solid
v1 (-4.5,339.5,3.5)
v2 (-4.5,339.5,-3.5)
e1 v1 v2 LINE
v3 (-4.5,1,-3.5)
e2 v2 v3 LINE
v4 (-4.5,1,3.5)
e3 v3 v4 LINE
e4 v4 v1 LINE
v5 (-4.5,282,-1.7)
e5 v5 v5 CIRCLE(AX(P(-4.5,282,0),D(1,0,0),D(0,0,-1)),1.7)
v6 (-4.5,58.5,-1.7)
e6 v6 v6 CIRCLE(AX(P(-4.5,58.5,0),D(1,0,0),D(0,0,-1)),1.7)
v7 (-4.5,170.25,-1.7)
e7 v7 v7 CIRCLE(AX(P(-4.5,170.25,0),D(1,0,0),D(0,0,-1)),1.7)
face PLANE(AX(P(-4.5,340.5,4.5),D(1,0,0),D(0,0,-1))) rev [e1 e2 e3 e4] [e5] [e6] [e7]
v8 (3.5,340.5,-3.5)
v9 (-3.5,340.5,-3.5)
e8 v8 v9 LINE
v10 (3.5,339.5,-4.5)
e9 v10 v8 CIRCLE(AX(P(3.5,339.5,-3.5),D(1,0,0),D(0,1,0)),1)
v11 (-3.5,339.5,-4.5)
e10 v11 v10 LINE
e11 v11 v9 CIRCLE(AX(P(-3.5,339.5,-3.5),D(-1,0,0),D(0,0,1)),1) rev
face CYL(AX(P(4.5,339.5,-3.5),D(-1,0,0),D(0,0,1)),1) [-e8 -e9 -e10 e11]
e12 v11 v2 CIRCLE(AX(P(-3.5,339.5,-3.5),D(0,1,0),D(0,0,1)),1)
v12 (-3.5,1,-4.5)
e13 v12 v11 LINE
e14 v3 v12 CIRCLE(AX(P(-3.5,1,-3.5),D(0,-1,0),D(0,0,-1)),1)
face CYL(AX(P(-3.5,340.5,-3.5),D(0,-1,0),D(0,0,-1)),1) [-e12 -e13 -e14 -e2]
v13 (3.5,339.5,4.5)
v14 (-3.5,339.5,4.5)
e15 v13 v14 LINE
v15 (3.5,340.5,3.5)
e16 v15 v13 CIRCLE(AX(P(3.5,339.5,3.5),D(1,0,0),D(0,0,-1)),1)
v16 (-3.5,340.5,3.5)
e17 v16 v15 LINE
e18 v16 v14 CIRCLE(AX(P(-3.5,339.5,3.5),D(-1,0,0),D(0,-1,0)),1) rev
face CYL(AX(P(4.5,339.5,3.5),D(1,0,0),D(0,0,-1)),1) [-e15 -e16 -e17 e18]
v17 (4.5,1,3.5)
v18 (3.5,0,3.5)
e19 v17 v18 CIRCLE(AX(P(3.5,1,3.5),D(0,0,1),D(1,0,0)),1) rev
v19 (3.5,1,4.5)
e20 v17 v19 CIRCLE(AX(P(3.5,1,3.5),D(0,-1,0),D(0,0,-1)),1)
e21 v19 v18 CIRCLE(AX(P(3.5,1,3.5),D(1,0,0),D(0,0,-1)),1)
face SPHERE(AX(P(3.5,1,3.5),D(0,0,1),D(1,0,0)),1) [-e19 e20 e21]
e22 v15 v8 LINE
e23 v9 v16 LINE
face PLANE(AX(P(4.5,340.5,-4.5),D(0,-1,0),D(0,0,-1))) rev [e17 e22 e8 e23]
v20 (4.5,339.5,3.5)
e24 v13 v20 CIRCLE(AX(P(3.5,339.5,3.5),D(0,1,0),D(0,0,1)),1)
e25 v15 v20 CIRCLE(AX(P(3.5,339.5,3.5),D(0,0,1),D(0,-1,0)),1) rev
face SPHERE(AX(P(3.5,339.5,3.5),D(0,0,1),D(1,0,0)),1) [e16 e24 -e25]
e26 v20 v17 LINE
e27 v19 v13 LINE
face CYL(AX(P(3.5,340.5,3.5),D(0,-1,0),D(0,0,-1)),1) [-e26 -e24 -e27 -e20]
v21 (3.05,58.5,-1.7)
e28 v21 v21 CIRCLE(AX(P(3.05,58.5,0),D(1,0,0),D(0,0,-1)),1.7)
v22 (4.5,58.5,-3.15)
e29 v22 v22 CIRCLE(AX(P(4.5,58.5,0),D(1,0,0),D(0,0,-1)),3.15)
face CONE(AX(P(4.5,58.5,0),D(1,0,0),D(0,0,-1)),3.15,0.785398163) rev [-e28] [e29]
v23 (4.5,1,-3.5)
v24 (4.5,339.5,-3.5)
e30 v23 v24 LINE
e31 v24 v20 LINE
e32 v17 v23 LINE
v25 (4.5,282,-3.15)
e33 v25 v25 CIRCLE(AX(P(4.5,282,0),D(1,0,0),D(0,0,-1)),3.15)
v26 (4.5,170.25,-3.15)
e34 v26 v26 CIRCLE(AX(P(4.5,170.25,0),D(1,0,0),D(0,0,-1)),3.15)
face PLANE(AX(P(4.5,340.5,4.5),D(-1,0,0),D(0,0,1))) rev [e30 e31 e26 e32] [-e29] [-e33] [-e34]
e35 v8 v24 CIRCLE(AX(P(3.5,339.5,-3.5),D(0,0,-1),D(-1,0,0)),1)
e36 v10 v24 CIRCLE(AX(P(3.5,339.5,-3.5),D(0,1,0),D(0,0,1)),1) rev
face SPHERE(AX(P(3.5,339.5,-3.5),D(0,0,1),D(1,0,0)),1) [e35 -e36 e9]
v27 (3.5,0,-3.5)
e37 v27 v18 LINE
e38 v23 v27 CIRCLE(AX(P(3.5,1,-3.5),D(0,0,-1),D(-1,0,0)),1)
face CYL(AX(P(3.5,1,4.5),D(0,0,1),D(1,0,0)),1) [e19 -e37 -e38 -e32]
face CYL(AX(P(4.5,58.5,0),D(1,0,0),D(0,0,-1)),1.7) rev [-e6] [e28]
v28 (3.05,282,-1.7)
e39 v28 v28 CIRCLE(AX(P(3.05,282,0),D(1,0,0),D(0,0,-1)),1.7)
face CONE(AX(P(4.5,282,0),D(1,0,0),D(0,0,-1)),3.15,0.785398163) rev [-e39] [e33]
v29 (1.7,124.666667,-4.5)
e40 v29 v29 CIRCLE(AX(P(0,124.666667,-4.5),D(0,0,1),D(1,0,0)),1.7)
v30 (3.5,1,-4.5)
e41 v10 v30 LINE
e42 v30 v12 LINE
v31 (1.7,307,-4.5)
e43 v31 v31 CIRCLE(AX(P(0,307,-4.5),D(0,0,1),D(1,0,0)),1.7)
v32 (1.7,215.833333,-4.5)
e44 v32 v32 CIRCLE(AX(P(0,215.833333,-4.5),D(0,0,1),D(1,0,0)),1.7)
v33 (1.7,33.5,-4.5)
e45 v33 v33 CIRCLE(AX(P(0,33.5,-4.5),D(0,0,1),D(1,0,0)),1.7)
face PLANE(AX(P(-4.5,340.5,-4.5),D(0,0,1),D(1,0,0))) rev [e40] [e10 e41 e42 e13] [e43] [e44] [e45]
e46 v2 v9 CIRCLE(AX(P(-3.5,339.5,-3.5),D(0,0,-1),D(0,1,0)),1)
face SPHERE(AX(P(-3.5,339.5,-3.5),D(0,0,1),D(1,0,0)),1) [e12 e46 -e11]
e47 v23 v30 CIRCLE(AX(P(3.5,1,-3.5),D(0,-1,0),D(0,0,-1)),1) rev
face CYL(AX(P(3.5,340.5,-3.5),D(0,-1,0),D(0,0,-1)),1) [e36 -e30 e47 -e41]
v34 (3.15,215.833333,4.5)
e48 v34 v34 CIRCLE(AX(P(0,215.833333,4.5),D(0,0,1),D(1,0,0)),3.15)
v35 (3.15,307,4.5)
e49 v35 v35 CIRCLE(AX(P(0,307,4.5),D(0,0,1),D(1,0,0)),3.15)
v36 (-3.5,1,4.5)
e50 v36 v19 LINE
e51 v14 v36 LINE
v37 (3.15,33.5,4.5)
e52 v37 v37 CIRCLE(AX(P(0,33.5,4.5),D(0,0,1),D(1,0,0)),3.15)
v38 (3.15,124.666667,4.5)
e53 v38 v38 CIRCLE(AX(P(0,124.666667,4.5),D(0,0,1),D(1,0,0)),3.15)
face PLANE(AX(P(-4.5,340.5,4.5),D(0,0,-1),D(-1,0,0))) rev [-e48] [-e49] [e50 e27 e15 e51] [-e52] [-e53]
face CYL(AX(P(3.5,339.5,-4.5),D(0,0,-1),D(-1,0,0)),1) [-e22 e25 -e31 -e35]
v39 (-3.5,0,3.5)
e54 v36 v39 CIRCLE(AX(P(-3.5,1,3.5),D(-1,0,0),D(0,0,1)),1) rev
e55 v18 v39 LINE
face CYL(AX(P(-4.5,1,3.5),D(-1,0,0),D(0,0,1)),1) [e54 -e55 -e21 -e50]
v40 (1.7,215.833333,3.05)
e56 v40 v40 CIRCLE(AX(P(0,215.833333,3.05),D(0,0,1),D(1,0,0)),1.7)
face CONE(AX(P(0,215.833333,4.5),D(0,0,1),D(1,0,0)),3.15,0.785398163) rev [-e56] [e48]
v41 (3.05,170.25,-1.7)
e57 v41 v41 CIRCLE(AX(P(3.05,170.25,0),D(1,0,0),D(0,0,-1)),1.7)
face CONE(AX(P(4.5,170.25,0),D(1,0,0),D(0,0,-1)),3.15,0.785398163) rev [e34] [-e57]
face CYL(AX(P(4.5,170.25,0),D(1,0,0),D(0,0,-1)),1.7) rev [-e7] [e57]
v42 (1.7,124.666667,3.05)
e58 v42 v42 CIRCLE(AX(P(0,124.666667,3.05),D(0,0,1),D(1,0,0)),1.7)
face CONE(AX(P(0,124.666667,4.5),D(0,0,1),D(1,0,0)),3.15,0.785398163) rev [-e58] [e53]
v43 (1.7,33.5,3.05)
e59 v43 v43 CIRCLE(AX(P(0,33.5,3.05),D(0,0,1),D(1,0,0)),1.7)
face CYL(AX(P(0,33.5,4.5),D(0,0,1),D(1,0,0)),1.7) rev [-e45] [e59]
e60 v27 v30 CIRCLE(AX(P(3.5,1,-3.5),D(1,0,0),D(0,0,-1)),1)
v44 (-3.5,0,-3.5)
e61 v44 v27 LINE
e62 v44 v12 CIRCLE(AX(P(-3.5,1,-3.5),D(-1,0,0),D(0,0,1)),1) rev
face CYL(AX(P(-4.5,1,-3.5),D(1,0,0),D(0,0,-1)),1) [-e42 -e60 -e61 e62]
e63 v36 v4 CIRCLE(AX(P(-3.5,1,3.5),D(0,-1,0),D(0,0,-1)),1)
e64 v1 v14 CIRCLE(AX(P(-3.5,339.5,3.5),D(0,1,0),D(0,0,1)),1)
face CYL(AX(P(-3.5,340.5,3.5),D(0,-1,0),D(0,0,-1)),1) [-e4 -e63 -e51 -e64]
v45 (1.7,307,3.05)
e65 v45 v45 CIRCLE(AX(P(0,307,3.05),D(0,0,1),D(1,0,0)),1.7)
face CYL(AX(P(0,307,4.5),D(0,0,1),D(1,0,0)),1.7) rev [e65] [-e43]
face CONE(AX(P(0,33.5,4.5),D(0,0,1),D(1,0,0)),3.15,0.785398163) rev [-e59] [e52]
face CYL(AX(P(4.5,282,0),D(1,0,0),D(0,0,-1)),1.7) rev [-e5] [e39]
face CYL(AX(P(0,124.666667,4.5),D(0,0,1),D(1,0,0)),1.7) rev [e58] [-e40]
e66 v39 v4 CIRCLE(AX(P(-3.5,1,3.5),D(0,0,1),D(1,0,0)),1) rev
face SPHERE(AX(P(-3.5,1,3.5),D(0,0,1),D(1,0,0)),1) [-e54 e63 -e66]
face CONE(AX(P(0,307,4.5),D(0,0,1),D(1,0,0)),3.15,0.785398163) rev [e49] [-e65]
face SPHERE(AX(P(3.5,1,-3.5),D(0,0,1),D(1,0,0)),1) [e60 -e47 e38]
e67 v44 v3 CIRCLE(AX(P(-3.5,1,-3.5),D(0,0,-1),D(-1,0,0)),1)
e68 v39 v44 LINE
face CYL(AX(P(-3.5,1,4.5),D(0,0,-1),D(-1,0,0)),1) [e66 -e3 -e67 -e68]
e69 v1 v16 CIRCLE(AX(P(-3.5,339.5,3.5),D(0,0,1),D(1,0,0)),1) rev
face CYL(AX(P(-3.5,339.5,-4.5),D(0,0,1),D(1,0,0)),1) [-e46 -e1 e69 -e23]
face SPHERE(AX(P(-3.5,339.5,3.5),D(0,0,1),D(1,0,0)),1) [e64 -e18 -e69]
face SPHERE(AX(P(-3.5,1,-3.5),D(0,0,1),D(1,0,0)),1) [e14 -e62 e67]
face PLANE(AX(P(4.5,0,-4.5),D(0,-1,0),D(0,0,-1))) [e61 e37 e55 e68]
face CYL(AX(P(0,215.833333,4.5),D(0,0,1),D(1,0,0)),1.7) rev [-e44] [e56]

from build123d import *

# Parameters (mm, degrees)
SKETCH2_W                                            = 9
SKETCH2_H                                            = 9
RAIL_DEPTH                                           = 340.5
ROUNDED_EDGES_R                                      = 1
CSK_FOR_M3_FLAT_HEAD_MACHINE_SCREW1_D                = 3.4
CSK_FOR_M3_FLAT_HEAD_MACHINE_SCREW1_CSINK_D          = 6.3
CSK_FOR_M3_FLAT_HEAD_MACHINE_SCREW1_CSINK_ANGLE      = 90
CSK_FOR_M3_FLAT_HEAD_MACHINE_SCREW1_ON_F_D           = 3.4
CSK_FOR_M3_FLAT_HEAD_MACHINE_SCREW1_ON_F_CSINK_D     = 6.3
CSK_FOR_M3_FLAT_HEAD_MACHINE_SCREW1_ON_F_CSINK_ANGLE = 90


with BuildPart() as part:
    # Sketch2 → Rail (new body)
    with BuildSketch(Plane(origin=(0, 0, 0), x_dir=(1, 0, 0), z_dir=(0, 1, 0))):
        Rectangle(SKETCH2_W, SKETCH2_H)
    extrude(amount=RAIL_DEPTH)

    # Rounded Edges
    rounded_edges_edges = [part.edges().sort_by_distance(p)[0] for p in [
        (-4.5, 340.5, 0),
        (0, 340.5, 4.5),
        (4.5, 340.5, 0),
        (0, 0, 4.5),
        (-4.5, 0, 0),
        (0, 0, -4.5),
        (4.5, 0, 0),
        (0, 340.5, -4.5),
        (4.5, 170.25, 4.5),
        (-4.5, 170.25, 4.5),
        (-4.5, 170.25, -4.5),
        (4.5, 170.25, -4.5),
    ]]
    fillet(rounded_edges_edges, radius=ROUNDED_EDGES_R)

    # CSK for M3 Flat Head Machine Screw1 (through all)
    with Locations(Plane(origin=(4.5, 58.5, 0), x_dir=(0, 0, 1), z_dir=(1, 0, 0))):
        with Locations((0, 0), (0, -111.75), (0, -223.5)):
            CounterSinkHole(CSK_FOR_M3_FLAT_HEAD_MACHINE_SCREW1_D / 2, CSK_FOR_M3_FLAT_HEAD_MACHINE_SCREW1_CSINK_D / 2, counter_sink_angle=CSK_FOR_M3_FLAT_HEAD_MACHINE_SCREW1_CSINK_ANGLE)

    # CSK for M3 Flat Head Machine Screw1 on f (through all)
    with Locations(Plane(origin=(0, 307, 4.5), x_dir=(1, 0, 0), z_dir=(0, 0, 1))):
        with Locations((0, 0), (0, -91.166666667), (0, -182.333333333), (0, -273.5)):
            CounterSinkHole(CSK_FOR_M3_FLAT_HEAD_MACHINE_SCREW1_ON_F_D / 2, CSK_FOR_M3_FLAT_HEAD_MACHINE_SCREW1_ON_F_CSINK_D / 2, counter_sink_angle=CSK_FOR_M3_FLAT_HEAD_MACHINE_SCREW1_ON_F_CSINK_ANGLE)


solid = part.part
